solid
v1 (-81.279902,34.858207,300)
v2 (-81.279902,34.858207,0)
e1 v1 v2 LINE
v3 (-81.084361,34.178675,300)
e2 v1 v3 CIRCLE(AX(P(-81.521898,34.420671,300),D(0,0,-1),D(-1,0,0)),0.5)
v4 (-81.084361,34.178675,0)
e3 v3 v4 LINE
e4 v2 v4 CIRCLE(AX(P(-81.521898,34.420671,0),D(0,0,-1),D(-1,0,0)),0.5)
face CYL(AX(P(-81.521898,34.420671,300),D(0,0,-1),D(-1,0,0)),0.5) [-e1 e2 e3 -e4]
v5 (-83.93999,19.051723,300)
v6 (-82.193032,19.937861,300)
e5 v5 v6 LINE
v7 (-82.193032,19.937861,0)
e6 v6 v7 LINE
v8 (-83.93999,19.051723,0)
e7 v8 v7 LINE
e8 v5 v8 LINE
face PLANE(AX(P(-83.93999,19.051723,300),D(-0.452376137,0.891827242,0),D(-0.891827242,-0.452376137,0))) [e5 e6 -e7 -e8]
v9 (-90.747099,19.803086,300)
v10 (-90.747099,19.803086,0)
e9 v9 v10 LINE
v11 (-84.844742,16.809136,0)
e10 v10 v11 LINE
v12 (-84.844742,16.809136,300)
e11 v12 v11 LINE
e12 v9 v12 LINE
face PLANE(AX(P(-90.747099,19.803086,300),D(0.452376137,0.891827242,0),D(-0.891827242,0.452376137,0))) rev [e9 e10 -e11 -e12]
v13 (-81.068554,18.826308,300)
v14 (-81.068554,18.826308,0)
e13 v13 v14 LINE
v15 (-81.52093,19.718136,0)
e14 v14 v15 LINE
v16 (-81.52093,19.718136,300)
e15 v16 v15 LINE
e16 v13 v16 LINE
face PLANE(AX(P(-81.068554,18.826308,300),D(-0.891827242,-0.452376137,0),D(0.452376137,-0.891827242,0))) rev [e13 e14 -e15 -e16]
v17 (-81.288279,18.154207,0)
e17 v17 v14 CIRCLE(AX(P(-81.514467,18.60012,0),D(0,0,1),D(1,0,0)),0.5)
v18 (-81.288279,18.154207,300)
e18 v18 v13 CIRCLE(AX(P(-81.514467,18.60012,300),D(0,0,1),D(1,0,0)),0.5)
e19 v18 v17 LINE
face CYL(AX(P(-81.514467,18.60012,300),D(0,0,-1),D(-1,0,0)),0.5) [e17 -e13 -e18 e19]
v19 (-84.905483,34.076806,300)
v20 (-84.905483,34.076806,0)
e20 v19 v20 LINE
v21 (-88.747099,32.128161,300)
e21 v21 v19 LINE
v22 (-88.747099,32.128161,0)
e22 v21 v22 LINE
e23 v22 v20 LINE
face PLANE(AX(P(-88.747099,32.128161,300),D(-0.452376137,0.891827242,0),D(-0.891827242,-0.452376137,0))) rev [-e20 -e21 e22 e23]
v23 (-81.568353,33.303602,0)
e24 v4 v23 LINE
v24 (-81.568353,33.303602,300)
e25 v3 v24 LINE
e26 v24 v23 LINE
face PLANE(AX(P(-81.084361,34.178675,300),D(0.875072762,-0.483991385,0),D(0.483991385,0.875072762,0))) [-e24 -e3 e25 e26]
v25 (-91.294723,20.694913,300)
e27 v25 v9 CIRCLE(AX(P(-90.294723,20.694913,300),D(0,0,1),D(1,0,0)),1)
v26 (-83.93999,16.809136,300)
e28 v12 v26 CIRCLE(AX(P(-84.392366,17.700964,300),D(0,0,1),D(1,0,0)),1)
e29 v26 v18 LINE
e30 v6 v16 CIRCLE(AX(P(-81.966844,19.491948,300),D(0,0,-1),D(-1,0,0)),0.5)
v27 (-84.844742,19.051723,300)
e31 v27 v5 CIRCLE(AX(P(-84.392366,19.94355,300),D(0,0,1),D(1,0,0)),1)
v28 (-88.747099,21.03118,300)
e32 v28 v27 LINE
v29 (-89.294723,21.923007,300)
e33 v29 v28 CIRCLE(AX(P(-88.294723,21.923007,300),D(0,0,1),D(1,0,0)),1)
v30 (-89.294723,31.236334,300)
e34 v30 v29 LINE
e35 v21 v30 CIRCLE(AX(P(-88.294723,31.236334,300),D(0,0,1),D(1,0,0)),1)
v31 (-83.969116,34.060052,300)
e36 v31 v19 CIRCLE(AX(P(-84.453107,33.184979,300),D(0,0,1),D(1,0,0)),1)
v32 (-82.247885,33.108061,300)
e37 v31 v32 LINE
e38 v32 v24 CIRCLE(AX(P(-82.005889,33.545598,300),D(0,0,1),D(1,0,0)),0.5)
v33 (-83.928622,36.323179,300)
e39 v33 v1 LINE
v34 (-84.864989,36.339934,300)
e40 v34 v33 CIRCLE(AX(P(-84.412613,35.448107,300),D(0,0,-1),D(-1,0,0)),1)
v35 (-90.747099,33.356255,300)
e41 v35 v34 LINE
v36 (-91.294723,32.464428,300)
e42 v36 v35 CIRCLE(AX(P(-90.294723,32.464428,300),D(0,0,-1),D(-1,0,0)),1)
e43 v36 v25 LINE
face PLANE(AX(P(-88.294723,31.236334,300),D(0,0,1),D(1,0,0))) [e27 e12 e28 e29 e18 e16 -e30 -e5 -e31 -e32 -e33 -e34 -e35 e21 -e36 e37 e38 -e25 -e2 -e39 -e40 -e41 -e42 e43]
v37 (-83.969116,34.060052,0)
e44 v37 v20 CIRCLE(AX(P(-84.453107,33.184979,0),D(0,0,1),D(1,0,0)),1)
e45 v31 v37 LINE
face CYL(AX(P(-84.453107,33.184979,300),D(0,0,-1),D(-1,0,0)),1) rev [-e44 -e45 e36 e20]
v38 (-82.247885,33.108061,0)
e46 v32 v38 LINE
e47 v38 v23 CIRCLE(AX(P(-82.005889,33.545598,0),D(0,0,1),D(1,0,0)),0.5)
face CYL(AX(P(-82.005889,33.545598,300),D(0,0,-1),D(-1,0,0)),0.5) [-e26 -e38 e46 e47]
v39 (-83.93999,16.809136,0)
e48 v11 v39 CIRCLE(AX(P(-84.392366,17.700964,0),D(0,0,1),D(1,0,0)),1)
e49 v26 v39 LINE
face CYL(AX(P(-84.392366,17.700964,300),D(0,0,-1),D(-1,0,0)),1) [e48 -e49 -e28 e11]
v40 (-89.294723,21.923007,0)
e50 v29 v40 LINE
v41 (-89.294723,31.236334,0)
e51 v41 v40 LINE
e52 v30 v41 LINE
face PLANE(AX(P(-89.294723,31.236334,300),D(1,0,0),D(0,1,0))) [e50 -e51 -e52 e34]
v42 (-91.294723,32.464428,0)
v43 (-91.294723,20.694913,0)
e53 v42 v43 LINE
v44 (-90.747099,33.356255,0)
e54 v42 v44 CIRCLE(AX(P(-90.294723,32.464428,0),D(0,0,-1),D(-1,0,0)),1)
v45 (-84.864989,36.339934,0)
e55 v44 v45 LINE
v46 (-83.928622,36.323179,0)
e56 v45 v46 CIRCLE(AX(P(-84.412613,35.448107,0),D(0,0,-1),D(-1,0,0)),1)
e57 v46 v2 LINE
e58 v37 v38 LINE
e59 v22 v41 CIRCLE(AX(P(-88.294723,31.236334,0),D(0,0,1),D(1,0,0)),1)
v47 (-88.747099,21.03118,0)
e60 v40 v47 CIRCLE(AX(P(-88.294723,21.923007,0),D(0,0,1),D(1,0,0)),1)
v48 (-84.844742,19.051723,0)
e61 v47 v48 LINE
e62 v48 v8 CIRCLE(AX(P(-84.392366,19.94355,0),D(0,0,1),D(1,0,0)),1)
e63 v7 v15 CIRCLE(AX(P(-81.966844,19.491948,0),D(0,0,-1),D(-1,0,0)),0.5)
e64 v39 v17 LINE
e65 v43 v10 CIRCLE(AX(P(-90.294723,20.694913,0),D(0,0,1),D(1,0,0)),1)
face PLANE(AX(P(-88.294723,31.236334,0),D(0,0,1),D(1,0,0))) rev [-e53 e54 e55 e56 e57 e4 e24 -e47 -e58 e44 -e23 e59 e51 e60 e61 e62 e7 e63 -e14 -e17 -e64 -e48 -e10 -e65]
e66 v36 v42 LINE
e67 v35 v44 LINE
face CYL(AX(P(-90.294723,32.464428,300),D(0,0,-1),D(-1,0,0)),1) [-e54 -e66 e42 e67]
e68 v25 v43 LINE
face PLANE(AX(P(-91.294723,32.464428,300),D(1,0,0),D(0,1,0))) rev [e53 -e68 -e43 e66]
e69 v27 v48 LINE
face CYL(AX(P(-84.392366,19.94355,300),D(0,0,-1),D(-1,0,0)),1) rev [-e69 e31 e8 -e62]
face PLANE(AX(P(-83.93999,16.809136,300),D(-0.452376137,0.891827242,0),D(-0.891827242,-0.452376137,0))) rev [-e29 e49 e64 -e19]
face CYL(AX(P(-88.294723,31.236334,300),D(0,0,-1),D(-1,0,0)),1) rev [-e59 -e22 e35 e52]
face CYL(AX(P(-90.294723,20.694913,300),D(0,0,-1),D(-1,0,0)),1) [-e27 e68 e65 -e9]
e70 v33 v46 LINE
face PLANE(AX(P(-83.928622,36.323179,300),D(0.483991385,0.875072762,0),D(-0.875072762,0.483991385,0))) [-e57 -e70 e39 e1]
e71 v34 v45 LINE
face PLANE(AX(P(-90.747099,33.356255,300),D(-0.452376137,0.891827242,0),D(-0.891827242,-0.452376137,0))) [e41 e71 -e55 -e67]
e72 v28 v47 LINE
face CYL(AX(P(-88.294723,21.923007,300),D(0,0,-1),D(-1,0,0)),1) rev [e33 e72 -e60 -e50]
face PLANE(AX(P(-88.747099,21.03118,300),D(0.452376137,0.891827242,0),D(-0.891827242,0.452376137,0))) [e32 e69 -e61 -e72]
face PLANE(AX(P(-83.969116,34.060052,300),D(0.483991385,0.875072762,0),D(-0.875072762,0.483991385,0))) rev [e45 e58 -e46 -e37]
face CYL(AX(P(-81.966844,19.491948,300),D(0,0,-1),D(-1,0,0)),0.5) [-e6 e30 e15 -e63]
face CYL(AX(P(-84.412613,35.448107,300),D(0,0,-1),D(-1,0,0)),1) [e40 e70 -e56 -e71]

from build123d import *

# Parameters (mm, degrees)
BOSS_EXTRUDE1_DEPTH = 300


with BuildPart() as part:
    # Sketch1 → Boss-Extrude1 (new body)
    with BuildSketch(Plane.XY):
        with BuildLine():
            Line((-91.294722728, 32.46442764), (-91.294722728, 20.694912783))
            ThreePointArc((-91.294722728, 20.694912783), (-91.146889418, 20.171642364), (-90.747098865, 19.803085541))
            Line((-90.747098865, 19.803085541), (-84.844741925, 16.809136368))
            ThreePointArc((-84.844741925, 16.809136368), (-84.392365787, 16.70096361), (-83.93998965, 16.809136368))
            Line((-83.93998965, 16.809136368), (-81.288279408, 18.15420678))
            ThreePointArc((-81.288279408, 18.15420678), (-81.039219814, 18.444750973), (-81.068553856, 18.82630847))
            Line((-81.068553856, 18.82630847), (-81.520929993, 19.718135713))
            ThreePointArc((-81.520929993, 19.718135713), (-81.811474186, 19.967195307), (-82.193031683, 19.937861265))
            Line((-82.193031683, 19.937861265), (-83.93998965, 19.051723166))
            ThreePointArc((-83.93998965, 19.051723166), (-84.392365787, 18.943550409), (-84.844741925, 19.051723166))
            Line((-84.844741925, 19.051723166), (-88.747098865, 21.031179585))
            ThreePointArc((-88.747098865, 21.031179585), (-89.146889418, 21.399736409), (-89.294722728, 21.923006828))
            Line((-89.294722728, 21.923006828), (-89.294722728, 31.236333595))
            ThreePointArc((-89.294722728, 31.236333595), (-89.146889418, 31.759604014), (-88.747098865, 32.128160837))
            Line((-88.747098865, 32.128160837), (-84.905483334, 34.076806397))
            ThreePointArc((-84.905483334, 34.076806397), (-84.435217001, 34.184819112), (-83.969115812, 34.060051917))
            Line((-83.969115812, 34.060051917), (-82.247884938, 33.108061465))
            ThreePointArc((-82.247884938, 33.108061465), (-81.867621098, 33.065096109), (-81.568352864, 33.303602154))
            Line((-81.568352864, 33.303602154), (-81.084361479, 34.178674916))
            ThreePointArc((-81.084361479, 34.178674916), (-81.041396123, 34.558938756), (-81.279902168, 34.85820699))
            Line((-81.279902168, 34.85820699), (-83.928621539, 36.323179288))
            ThreePointArc((-83.928621539, 36.323179288), (-84.394722728, 36.447946483), (-84.864989061, 36.339933768))
            Line((-84.864989061, 36.339933768), (-90.747098865, 33.356254882))
            ThreePointArc((-90.747098865, 33.356254882), (-91.146889418, 32.987698058), (-91.294722728, 32.46442764))
        make_face()
    extrude(amount=BOSS_EXTRUDE1_DEPTH)


solid = part.part
